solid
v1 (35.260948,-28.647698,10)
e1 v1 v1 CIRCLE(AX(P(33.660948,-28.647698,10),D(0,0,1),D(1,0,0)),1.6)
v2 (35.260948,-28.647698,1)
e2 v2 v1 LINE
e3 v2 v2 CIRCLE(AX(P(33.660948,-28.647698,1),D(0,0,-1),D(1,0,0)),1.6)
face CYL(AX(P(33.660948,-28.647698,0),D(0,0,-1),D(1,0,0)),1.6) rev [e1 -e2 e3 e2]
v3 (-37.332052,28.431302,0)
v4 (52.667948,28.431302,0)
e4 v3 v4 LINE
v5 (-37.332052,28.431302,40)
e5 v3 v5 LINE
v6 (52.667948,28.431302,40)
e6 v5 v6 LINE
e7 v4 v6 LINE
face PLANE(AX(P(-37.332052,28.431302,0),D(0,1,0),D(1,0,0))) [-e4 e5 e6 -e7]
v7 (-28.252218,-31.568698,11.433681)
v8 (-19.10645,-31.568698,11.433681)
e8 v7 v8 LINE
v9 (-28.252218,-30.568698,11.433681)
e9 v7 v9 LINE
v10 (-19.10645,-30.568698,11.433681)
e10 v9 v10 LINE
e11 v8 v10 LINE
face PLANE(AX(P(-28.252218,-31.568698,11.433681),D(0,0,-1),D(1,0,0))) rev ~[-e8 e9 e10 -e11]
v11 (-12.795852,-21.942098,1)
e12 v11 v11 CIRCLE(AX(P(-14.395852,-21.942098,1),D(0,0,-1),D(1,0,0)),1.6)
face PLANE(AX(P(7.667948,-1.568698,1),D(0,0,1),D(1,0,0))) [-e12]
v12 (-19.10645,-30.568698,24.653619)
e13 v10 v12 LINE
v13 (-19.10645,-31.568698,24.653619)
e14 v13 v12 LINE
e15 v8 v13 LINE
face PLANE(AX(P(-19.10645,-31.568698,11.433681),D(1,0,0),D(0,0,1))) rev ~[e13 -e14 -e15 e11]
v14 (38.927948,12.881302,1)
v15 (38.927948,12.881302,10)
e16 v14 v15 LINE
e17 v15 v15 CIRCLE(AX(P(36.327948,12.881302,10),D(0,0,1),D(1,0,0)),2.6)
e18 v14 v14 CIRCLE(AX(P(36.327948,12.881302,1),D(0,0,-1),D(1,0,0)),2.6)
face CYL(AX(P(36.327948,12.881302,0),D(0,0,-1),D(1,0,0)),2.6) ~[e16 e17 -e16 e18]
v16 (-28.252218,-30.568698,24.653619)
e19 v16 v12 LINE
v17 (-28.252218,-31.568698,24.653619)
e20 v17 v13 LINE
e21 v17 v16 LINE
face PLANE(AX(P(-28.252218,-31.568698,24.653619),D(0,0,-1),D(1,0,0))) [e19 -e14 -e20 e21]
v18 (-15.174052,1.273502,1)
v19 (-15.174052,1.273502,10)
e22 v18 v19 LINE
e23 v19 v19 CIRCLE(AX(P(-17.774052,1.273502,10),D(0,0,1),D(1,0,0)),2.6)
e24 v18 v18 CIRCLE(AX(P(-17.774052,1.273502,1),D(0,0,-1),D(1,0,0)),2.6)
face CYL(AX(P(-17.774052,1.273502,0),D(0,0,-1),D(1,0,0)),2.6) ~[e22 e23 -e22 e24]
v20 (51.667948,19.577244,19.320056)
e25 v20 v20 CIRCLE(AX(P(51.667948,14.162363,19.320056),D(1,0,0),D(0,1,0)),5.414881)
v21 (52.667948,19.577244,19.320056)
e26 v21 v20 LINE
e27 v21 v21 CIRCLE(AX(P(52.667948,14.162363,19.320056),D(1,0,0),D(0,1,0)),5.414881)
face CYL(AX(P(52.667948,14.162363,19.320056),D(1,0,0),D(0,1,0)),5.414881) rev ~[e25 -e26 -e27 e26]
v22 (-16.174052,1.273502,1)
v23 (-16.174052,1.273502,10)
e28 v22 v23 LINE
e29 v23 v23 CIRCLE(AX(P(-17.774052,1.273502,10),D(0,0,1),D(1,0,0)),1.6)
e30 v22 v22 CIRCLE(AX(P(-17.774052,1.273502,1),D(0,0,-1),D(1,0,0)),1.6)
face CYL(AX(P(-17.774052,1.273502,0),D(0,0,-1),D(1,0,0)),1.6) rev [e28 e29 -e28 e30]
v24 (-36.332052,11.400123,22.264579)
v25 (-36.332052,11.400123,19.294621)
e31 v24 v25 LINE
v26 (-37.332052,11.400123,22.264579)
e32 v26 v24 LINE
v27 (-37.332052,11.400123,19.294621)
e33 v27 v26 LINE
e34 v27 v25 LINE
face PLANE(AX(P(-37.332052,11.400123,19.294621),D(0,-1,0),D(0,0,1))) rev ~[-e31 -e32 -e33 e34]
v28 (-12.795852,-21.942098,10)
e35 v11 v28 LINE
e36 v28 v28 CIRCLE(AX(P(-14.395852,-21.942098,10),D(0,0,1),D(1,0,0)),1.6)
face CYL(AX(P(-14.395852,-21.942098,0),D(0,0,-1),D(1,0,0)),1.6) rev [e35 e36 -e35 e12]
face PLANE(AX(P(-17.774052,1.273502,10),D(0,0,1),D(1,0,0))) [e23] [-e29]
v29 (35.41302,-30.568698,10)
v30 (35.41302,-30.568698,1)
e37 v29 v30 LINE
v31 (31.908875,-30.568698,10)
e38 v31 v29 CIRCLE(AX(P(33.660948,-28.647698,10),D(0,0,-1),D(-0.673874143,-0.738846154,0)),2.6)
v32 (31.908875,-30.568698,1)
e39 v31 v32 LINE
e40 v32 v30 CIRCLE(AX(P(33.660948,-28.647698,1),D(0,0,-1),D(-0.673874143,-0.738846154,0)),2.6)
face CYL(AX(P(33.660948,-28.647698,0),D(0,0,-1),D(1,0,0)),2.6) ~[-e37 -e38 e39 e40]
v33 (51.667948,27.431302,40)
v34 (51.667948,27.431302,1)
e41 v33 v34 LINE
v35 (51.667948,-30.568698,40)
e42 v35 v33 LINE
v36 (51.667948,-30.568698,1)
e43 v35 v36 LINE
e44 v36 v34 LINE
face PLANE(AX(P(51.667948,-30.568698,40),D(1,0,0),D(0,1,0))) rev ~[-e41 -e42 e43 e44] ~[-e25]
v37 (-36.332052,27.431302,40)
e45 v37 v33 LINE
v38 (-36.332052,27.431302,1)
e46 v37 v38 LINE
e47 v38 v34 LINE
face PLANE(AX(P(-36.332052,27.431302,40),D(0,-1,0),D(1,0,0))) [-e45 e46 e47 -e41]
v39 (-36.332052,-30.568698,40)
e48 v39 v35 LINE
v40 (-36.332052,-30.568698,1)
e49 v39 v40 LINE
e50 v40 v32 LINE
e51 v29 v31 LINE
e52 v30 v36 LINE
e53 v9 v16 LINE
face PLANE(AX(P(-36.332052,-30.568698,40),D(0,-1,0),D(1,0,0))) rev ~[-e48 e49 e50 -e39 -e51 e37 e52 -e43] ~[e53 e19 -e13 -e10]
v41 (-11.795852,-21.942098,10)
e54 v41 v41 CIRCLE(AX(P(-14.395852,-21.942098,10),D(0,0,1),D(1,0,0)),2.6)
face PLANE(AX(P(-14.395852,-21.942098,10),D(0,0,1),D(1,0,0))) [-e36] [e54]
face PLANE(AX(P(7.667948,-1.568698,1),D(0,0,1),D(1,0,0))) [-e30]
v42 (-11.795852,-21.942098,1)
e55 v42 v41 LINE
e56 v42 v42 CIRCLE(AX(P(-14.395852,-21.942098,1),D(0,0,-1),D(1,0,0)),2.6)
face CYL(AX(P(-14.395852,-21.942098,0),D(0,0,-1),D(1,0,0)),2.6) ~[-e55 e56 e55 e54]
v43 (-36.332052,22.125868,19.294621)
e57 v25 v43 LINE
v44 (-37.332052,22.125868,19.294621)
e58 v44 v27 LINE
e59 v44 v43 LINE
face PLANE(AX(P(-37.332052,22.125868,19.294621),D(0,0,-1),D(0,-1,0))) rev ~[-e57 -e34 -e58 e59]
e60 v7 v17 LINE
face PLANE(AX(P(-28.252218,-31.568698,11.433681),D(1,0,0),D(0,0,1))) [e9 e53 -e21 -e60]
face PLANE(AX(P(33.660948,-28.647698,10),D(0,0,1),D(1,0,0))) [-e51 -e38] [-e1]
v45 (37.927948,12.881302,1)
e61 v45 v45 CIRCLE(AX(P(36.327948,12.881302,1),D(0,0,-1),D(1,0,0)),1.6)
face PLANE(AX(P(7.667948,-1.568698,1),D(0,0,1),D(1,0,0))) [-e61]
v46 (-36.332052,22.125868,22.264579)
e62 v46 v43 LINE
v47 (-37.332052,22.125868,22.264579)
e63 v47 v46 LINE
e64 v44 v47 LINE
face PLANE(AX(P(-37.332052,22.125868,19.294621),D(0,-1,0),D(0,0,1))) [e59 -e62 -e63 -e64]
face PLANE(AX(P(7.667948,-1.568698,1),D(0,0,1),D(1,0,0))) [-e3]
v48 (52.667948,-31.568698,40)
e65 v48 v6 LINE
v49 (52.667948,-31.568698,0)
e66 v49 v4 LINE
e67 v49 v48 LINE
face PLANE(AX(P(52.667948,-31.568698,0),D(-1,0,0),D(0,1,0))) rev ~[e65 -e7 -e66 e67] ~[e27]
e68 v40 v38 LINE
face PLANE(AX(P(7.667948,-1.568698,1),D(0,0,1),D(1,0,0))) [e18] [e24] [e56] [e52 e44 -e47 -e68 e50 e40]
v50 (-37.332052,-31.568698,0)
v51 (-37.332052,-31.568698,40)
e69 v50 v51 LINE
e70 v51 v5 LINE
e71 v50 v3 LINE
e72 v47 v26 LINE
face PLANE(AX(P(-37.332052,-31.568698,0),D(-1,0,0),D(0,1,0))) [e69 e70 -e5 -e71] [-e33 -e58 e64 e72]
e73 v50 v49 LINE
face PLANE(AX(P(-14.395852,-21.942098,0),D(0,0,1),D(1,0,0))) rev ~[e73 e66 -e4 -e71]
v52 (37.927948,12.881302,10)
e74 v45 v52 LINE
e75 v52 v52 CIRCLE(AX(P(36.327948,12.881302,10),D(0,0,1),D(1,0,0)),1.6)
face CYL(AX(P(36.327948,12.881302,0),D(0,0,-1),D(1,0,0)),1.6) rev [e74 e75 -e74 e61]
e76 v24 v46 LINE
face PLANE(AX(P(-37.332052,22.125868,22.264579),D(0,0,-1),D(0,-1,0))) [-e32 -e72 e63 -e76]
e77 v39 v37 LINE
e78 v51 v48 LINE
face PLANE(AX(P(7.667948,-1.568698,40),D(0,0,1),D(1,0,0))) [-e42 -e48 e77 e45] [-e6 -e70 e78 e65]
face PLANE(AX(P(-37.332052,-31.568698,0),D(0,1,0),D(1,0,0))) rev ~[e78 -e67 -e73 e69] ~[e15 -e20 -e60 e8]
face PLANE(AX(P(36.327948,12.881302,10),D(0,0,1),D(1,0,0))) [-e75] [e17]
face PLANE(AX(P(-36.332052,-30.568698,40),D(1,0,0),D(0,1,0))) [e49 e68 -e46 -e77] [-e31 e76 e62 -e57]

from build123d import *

# Parameters (mm, degrees)
F0_W      = 90
F0_H      = 60
F0_R      = 2.6
F0_R_2    = 1.6
F1_DEPTH  = 40
F2_W      = 88
F2_H      = 58
F3_DEPTH  = 39
F4_DEPTH  = 10
F5_W      = 9.1457683593
F5_H      = 13.2199376822
F6_DEPTH  = 2
F7_W      = 10.7257449999
F7_H      = 2.9699578881
F8_DEPTH  = 2
F9_R      = 5.4148812487
F10_DEPTH = 2


with BuildPart() as f1:
    # F0 (on Top) → F1 (new body)
    with BuildSketch(Plane.XY):
        with Locations((7.6679475605, -1.568697635)):
            Rectangle(F0_W, F0_H)
        with Locations((-14.3958524395, -21.942097635)):
            Circle(F0_R, mode=Mode.SUBTRACT)
        with Locations((33.6609475605, -28.647697635)):
            Circle(F0_R, mode=Mode.SUBTRACT)
        with Locations((-17.7740524395, 1.273502365)):
            Circle(F0_R, mode=Mode.SUBTRACT)
        with Locations((36.3279475605, 12.881302365)):
            Circle(F0_R, mode=Mode.SUBTRACT)
        with Locations((-17.7740524395, 1.273502365)):
            Circle(F0_R)
        with Locations((-17.7740524395, 1.273502365)):
            Circle(F0_R_2, mode=Mode.SUBTRACT)
        with Locations((-14.3958524395, -21.942097635)):
            Circle(F0_R)
        with Locations((-14.3958524395, -21.942097635)):
            Circle(F0_R_2, mode=Mode.SUBTRACT)
        with Locations((33.6609475605, -28.647697635)):
            Circle(F0_R)
        with Locations((33.6609475605, -28.647697635)):
            Circle(F0_R_2, mode=Mode.SUBTRACT)
        with Locations((36.3279475605, 12.881302365)):
            Circle(F0_R)
        with Locations((36.3279475605, 12.881302365)):
            Circle(F0_R_2, mode=Mode.SUBTRACT)
        with Locations((-17.7740524395, 1.273502365)):
            Circle(F0_R_2)
        with Locations((-14.3958524395, -21.942097635)):
            Circle(F0_R_2)
        with Locations((33.6609475605, -28.647697635)):
            Circle(F0_R_2)
        with Locations((36.3279475605, 12.881302365)):
            Circle(F0_R_2)
    extrude(amount=F1_DEPTH)

    # F2 (on face) → F3 (cut)
    with BuildSketch(Plane.XY.offset(40)):
        with Locations((7.6679475605, -1.568697635)):
            Rectangle(F2_W, F2_H)
    extrude(amount=-F3_DEPTH, mode=Mode.SUBTRACT)

    # F0 (on Top) → F4 (join)
    with BuildSketch(Plane.XY):
        with Locations((-14.3958524395, -21.942097635)):
            Circle(F0_R)
        with Locations((-14.3958524395, -21.942097635)):
            Circle(F0_R_2, mode=Mode.SUBTRACT)
        with Locations((-17.7740524395, 1.273502365)):
            Circle(F0_R)
        with Locations((-17.7740524395, 1.273502365)):
            Circle(F0_R_2, mode=Mode.SUBTRACT)
        with Locations((33.6609475605, -28.647697635)):
            Circle(F0_R)
        with Locations((33.6609475605, -28.647697635)):
            Circle(F0_R_2, mode=Mode.SUBTRACT)
        with Locations((36.3279475605, 12.881302365)):
            Circle(F0_R)
        with Locations((36.3279475605, 12.881302365)):
            Circle(F0_R_2, mode=Mode.SUBTRACT)
    extrude(amount=F4_DEPTH)

    # F5 (on face) → F6 (cut)
    with BuildSketch(Plane.XZ.offset(31.568697635)):
        with Locations((-23.679333739, 18.0436503142)):
            Rectangle(F5_W, F5_H)
    extrude(amount=-F6_DEPTH, mode=Mode.SUBTRACT)

    # F7 (on face) → F8 (cut)
    with BuildSketch(Plane(origin=(-37.3320524395, 0, 0), x_dir=(0, -1, 0), z_dir=(-1, 0, 0))):
        with Locations((-16.7629956268, 20.779600367)):
            Rectangle(F7_W, F7_H)
    extrude(amount=-F8_DEPTH, mode=Mode.SUBTRACT)

    # F9 (on face) → F10 (cut)
    with BuildSketch(Plane.YZ.offset(52.6679475605)):
        with Locations((14.1623625532, 19.3200558424)):
            Circle(F9_R)
    extrude(amount=-F10_DEPTH, mode=Mode.SUBTRACT)


solid = f1.part
